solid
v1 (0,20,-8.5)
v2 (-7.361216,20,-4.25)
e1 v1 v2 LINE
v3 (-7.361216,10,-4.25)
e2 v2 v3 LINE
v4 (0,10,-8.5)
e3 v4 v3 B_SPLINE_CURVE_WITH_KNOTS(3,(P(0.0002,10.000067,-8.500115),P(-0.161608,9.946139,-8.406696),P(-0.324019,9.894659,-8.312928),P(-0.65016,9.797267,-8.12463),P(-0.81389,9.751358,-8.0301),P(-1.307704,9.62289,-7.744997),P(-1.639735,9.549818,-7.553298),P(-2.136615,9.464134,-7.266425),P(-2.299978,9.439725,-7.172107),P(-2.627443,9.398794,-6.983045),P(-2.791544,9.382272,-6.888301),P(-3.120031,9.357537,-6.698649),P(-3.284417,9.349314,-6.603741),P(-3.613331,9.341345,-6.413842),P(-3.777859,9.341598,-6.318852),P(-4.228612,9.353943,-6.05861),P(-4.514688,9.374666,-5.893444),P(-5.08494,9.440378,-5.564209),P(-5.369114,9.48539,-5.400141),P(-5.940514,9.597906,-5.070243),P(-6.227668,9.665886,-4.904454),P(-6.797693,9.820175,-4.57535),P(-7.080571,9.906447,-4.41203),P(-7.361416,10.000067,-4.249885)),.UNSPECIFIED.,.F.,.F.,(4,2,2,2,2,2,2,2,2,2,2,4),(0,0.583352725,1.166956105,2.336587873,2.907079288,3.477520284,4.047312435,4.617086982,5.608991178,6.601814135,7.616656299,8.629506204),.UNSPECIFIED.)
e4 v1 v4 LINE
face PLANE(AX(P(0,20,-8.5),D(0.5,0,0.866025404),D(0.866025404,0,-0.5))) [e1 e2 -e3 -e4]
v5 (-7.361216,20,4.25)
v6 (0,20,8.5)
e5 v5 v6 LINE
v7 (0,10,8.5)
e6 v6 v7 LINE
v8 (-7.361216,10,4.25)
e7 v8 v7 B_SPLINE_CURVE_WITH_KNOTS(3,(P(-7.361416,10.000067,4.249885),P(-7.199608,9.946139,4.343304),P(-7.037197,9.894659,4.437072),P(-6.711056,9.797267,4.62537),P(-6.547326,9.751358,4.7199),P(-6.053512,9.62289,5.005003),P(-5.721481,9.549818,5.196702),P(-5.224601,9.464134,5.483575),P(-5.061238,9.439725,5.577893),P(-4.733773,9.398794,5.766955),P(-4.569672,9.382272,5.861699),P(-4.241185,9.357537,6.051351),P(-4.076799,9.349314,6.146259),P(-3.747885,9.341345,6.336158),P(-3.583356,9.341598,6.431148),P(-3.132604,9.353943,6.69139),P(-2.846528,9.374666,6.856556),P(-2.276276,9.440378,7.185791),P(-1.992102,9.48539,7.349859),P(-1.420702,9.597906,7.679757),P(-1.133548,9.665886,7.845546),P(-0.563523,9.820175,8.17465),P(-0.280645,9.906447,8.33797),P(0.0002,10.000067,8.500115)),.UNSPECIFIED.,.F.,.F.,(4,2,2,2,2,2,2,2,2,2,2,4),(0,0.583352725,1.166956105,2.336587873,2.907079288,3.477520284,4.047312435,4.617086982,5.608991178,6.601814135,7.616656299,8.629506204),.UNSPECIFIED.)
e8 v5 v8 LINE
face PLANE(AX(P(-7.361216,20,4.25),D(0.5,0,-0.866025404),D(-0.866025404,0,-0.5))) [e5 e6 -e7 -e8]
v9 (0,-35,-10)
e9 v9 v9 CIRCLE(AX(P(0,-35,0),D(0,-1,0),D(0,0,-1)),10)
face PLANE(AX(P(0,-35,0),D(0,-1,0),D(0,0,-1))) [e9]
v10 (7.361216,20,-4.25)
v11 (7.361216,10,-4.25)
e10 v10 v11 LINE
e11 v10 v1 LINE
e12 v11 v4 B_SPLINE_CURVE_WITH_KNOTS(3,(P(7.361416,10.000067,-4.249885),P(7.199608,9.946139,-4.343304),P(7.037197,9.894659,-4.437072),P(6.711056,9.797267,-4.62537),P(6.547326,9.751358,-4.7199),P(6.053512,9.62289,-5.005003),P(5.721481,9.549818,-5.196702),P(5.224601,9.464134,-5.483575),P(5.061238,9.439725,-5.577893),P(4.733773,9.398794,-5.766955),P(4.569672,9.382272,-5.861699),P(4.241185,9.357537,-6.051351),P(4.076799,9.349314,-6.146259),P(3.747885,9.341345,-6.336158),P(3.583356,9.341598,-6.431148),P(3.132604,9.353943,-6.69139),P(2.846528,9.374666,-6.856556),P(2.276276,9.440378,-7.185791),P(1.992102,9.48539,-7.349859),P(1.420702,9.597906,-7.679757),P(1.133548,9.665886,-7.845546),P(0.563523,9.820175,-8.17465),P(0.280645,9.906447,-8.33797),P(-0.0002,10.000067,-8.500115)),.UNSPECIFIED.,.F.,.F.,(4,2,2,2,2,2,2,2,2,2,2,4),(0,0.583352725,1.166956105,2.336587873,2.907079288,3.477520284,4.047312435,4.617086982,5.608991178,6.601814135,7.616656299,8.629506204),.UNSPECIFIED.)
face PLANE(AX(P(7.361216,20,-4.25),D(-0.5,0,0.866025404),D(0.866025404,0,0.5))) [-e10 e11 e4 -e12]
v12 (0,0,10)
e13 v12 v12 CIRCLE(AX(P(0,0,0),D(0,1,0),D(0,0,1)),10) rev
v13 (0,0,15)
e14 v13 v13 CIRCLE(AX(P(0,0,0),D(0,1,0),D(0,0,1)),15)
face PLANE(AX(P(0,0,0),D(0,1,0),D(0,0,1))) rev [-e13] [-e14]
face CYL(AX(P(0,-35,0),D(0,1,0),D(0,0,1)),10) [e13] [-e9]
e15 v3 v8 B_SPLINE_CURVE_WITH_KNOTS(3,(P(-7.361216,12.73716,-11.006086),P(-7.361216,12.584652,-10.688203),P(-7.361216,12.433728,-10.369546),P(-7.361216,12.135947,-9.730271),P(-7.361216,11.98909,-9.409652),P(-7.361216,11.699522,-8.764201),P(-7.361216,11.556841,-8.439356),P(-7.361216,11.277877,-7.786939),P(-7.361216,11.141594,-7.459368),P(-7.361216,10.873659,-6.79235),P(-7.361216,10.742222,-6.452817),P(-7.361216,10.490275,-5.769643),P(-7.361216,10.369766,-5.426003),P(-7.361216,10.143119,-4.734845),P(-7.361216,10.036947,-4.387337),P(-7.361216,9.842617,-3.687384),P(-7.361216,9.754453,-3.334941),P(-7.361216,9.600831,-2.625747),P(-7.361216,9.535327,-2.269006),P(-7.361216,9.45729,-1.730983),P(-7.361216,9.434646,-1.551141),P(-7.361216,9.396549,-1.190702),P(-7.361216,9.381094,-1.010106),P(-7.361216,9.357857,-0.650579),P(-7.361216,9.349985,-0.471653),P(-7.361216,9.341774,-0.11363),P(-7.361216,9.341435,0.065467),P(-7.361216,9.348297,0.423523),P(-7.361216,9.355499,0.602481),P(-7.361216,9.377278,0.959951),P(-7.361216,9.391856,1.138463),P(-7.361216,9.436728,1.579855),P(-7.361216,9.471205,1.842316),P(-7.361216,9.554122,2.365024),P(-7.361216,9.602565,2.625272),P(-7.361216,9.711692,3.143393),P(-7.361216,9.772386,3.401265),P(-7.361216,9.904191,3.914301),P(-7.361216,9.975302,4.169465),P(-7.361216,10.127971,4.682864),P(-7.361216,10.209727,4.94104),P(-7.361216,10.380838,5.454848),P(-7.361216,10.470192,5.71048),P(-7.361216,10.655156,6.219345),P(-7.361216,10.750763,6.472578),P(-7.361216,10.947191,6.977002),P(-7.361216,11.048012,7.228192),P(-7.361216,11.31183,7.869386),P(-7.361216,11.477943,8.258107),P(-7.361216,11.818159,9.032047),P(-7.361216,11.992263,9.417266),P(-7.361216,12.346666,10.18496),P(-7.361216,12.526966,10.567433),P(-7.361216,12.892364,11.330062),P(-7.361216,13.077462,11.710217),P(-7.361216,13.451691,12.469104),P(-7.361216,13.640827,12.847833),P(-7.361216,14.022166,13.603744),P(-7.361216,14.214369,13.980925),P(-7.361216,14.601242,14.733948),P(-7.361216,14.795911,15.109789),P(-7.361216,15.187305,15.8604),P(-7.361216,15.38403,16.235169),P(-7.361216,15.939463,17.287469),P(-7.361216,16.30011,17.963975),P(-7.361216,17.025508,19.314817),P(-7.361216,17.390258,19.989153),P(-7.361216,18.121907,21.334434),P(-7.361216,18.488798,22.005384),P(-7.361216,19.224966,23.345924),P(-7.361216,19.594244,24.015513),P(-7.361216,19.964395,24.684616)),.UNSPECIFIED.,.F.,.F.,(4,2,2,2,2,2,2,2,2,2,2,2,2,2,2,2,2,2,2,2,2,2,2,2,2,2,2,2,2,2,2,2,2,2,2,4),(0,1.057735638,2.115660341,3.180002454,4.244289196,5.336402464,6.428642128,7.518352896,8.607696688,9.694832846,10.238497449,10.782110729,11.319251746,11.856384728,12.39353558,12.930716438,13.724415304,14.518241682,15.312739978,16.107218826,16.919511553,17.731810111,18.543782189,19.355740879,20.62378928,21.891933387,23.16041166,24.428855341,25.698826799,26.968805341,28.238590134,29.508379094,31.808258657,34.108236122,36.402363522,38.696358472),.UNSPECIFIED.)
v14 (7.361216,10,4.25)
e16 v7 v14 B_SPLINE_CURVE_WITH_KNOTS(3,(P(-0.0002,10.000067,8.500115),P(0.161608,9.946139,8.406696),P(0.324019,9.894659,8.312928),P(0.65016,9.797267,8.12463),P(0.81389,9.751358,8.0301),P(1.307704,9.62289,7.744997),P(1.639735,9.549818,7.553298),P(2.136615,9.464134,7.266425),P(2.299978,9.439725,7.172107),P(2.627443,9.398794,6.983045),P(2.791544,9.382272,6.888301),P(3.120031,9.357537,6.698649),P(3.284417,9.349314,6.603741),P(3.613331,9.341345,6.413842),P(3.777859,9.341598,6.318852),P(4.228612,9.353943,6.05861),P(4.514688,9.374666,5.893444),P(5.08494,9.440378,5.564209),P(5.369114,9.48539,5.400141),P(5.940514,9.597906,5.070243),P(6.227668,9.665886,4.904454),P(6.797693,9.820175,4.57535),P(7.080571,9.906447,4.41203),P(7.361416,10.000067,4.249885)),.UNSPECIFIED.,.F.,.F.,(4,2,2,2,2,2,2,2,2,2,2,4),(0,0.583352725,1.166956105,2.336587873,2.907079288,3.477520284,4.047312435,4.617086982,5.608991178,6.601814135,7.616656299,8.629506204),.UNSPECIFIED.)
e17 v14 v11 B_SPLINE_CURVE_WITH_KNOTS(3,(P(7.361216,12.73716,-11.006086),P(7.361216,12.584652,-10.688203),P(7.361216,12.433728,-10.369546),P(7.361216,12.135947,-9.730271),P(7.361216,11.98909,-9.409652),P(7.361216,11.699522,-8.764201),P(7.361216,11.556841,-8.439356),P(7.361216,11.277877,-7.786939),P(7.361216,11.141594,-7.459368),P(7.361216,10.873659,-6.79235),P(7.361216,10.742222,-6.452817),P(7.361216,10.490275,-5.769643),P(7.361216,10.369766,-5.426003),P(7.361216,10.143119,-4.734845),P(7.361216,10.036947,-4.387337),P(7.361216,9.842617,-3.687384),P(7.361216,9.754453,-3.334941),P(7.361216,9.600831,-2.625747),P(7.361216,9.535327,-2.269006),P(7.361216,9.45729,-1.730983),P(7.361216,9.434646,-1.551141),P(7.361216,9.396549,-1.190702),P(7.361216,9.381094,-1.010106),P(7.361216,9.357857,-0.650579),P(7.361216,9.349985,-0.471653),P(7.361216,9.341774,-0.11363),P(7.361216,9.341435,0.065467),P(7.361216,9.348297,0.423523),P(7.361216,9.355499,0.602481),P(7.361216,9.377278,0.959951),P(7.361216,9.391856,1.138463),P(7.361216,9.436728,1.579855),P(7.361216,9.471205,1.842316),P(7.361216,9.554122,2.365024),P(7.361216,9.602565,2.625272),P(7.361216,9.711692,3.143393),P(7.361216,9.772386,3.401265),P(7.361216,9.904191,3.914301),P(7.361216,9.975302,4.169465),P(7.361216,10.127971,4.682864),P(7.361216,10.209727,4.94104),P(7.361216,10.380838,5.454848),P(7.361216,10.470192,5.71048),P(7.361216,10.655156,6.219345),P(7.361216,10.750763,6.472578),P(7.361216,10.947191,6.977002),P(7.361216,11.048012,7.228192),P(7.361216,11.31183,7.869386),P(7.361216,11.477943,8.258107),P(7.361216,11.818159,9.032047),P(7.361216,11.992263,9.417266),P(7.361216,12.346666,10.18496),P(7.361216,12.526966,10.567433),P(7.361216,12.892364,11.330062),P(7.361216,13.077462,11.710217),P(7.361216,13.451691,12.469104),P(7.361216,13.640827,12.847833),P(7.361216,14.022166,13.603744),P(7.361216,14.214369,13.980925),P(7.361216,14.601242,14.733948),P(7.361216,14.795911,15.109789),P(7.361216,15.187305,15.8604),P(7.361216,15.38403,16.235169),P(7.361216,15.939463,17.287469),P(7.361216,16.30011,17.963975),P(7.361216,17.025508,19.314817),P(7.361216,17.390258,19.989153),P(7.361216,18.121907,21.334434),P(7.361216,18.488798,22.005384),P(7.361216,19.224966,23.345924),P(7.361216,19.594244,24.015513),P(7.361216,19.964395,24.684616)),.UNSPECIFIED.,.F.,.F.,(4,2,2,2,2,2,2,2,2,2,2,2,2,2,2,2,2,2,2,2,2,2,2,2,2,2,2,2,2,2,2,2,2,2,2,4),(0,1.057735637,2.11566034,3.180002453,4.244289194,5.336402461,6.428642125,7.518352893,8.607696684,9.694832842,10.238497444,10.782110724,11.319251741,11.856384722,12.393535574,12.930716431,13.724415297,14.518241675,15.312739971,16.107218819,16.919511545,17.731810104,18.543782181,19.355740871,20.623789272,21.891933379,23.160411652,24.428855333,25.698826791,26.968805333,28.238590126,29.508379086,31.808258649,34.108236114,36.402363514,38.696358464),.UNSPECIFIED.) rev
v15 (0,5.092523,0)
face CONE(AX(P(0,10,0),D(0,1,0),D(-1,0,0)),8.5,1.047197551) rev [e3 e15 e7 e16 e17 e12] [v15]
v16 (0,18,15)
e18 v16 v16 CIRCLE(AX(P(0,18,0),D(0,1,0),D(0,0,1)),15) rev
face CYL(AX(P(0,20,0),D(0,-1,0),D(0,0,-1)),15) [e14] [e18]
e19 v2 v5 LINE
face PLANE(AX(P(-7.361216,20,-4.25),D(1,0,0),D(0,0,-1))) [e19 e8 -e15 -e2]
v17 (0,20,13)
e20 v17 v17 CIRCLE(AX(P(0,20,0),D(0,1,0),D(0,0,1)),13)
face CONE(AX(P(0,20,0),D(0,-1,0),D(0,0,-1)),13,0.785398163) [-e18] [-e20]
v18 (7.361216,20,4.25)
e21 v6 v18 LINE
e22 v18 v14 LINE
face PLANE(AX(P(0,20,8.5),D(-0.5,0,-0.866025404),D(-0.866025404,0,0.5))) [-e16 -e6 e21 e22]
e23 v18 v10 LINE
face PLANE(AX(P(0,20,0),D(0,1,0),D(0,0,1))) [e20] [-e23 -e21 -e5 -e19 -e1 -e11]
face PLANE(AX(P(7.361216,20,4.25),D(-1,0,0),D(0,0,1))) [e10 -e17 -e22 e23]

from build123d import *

# Parameters (mm, degrees)
CROQUIS4_R               = 15
SALIENTE_EXTRUIR3_DEPTH  = 20
CHAFL_N2_SIZE            = 2
CROQUIS6_15_R            = 10
SALIENTE_EXTRUIR17_DEPTH = 35


with BuildPart() as part:
    # Croquis4 → Saliente-Extruir3 (new body)
    with BuildSketch(Plane(origin=(0, 0, 0), x_dir=(1, 0, 0), z_dir=(0, 1, 0))):
        Circle(CROQUIS4_R)
        Polygon((0, 8.5), (-7.361215932, 4.25), (-7.361215932, -4.25), (0, -8.5), (7.361215932, -4.25), (7.361215932, 4.25), align=None, mode=Mode.SUBTRACT)
    extrude(amount=SALIENTE_EXTRUIR3_DEPTH)

    # Chaflán2
    chafl_n2_edges = [part.edges().sort_by_distance(p)[0] for p in [
        (-15, 20, 0),
    ]]
    chamfer(chafl_n2_edges, length=CHAFL_N2_SIZE)

    # Croquis5 → Revolución2 (revolve)
    with BuildSketch(Plane.XY):
        Polygon((0, 0), (0, 5.092522712), (8.5, 10), (15, 10), (15, 0), align=None)
    revolve(axis=Axis((0, 0, 0), (0, 1, 0)))

    # Croquis6<15> → Saliente-Extruir17 (add)
    with BuildSketch(Plane.XZ):
        Circle(CROQUIS6_15_R)
    extrude(amount=SALIENTE_EXTRUIR17_DEPTH)


solid = part.part
